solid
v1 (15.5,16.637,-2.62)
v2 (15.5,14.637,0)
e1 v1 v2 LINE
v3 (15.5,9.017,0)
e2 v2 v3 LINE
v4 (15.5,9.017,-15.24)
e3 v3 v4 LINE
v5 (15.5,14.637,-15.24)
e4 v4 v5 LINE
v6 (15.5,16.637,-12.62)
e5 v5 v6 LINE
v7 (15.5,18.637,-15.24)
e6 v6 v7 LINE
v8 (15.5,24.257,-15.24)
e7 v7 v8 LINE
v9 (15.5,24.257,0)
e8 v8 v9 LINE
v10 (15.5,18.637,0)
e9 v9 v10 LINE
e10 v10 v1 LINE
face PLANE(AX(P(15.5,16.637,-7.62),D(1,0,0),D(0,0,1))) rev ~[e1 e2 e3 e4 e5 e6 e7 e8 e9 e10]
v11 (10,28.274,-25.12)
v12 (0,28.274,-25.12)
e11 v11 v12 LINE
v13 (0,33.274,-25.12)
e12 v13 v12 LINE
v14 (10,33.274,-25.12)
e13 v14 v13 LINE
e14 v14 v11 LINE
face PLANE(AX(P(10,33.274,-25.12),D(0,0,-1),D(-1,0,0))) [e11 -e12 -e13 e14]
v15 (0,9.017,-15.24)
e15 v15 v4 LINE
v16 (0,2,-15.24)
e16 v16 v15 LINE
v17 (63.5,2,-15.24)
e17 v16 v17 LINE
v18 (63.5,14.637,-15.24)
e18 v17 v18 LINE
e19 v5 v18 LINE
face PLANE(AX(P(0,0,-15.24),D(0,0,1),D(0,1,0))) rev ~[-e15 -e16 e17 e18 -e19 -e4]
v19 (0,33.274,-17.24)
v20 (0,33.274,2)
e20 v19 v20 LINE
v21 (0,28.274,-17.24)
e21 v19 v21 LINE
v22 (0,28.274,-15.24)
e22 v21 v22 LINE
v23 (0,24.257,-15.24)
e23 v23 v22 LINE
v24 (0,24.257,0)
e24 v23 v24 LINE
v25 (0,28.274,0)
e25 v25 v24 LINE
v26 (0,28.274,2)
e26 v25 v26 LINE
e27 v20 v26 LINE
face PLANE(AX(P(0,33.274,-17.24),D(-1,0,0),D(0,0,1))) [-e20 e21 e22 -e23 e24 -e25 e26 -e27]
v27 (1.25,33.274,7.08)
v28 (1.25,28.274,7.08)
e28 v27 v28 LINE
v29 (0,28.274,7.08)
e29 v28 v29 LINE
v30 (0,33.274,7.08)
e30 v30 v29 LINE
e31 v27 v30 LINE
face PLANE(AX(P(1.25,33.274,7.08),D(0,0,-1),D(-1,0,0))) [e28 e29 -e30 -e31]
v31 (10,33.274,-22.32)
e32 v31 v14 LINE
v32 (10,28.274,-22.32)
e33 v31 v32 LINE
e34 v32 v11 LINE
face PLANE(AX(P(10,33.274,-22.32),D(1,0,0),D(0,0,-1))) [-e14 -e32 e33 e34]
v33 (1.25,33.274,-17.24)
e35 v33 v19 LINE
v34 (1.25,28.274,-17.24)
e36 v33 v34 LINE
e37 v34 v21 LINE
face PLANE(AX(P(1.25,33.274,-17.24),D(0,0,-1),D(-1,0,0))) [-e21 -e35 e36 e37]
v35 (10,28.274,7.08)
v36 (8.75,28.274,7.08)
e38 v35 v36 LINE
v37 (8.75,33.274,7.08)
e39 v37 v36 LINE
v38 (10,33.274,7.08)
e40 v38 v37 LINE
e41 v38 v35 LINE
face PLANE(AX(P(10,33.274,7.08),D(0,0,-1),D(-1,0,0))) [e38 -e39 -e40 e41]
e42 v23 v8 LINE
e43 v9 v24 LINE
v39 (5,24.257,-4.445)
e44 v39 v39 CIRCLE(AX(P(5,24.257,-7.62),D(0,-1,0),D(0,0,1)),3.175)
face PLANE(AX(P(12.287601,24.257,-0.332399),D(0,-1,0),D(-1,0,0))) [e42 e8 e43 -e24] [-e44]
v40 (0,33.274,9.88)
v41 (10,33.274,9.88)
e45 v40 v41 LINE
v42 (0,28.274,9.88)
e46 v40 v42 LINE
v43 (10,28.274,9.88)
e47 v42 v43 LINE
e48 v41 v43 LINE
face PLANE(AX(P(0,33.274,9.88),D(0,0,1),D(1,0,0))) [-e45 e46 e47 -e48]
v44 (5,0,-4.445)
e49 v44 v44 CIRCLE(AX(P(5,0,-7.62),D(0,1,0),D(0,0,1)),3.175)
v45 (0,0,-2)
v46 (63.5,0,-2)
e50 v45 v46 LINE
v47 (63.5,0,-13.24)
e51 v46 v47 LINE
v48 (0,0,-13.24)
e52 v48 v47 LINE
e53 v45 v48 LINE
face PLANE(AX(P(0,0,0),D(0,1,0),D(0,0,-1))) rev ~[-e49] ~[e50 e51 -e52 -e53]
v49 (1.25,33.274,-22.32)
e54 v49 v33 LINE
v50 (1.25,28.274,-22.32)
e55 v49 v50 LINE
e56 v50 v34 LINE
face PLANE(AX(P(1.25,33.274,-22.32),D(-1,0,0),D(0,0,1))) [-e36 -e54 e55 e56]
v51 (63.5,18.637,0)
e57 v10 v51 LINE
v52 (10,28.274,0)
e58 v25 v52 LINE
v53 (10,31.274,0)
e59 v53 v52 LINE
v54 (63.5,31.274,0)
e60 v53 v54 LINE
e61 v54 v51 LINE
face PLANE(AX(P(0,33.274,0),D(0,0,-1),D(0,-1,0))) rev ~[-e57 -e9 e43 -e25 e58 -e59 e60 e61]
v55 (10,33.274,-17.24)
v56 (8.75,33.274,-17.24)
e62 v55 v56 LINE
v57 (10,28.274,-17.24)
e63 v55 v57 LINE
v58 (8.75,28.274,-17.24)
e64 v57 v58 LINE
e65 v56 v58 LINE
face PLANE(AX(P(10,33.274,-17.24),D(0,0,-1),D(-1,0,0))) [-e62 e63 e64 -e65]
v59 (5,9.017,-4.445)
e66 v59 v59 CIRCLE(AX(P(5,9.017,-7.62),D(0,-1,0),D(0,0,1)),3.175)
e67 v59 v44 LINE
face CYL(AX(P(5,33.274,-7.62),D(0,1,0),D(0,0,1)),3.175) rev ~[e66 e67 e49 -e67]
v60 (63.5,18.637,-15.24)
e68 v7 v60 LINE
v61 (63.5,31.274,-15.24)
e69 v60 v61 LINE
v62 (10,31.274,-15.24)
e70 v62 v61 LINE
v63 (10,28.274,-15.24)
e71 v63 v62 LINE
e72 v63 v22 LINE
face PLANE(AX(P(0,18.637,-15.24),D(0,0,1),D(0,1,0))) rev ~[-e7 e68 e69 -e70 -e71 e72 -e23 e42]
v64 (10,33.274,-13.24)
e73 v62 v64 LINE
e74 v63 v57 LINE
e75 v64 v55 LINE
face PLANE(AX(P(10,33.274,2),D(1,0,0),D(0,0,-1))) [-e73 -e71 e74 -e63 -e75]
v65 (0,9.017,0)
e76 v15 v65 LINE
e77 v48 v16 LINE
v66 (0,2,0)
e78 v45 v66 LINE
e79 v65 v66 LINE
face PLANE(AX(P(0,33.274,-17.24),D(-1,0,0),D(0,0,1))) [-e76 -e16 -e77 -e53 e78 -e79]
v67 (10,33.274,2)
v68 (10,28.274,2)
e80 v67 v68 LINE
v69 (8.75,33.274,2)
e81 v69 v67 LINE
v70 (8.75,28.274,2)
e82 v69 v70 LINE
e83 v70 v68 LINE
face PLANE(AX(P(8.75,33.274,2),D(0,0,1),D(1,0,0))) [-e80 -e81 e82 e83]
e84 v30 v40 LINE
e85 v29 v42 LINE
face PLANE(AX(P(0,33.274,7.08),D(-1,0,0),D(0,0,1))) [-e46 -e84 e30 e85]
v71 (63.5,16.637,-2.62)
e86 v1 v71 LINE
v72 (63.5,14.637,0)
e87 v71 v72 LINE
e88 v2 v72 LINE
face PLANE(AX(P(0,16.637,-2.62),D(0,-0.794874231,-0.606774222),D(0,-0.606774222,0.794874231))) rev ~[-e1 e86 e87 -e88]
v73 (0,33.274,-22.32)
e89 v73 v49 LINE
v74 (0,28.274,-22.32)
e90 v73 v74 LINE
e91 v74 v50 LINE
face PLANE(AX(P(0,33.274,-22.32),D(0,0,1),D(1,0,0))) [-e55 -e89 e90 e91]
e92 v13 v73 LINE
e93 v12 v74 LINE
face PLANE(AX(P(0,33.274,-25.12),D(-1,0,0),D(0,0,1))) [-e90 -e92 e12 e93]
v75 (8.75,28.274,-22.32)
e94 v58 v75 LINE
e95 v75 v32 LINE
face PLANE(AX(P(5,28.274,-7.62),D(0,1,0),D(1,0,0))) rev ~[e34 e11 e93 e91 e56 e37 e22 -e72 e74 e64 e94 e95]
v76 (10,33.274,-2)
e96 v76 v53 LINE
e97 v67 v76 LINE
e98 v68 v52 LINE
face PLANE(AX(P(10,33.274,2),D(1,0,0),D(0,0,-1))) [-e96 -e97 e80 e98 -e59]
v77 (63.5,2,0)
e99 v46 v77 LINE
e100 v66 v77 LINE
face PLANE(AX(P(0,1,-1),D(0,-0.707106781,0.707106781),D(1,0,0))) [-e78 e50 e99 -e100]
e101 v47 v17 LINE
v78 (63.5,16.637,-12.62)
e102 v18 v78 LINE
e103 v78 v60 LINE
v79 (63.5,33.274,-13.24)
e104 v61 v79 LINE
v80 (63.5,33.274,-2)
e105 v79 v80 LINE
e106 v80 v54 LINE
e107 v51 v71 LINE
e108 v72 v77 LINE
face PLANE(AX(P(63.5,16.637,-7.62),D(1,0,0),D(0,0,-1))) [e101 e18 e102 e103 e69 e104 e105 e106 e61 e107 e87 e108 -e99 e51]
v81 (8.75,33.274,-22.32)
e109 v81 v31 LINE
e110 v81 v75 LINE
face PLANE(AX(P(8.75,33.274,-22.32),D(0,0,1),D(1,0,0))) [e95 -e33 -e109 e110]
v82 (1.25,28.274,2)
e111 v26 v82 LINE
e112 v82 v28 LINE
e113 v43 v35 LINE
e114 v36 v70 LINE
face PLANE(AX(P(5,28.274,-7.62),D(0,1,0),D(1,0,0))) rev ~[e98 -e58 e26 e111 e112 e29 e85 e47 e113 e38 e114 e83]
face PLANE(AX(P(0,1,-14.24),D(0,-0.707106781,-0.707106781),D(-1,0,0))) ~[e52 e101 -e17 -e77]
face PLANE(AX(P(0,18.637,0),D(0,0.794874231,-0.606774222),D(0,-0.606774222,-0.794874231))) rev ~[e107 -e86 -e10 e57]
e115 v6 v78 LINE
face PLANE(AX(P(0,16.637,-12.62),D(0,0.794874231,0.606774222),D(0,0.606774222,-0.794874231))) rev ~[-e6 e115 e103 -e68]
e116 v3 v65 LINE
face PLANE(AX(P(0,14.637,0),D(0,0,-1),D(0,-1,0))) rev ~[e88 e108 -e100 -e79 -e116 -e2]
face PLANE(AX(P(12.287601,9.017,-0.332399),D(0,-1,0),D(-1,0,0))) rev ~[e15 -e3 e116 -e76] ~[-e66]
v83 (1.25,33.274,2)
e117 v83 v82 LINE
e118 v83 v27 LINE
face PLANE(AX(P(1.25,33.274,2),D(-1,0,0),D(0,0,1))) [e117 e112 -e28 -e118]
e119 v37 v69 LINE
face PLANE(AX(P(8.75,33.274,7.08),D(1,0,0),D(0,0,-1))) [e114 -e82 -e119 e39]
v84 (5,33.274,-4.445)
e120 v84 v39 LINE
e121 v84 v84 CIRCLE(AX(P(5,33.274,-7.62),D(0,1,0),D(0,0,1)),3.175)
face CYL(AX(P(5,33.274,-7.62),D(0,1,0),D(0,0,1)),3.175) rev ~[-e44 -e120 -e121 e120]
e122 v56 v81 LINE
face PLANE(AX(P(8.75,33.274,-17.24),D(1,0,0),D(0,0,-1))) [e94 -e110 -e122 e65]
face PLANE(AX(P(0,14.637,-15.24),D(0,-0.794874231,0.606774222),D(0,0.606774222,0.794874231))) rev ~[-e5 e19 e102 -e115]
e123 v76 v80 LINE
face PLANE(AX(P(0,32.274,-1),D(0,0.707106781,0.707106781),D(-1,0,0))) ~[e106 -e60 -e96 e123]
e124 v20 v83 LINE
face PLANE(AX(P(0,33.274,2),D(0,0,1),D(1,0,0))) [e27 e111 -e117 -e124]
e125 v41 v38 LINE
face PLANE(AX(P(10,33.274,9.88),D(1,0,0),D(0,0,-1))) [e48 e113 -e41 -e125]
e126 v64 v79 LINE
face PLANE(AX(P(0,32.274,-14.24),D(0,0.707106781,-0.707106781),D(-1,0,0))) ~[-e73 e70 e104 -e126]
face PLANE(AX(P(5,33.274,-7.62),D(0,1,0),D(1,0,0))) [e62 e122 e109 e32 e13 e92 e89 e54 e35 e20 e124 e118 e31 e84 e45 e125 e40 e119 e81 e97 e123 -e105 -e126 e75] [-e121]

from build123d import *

# Parameters (mm, degrees)
BOSS_EXTRUDE1_DEPTH = 63.5
CHAMFER1_SIZE       = 2
BOSS_EXTRUDE2_DEPTH = 5
SKETCH5_R           = 3.175
CUT_EXTRUDE3_DEPTH  = 76.963303483
SKETCH6_R           = 3.175
CUT_EXTRUDE4_DEPTH  = 7.62


with BuildPart() as part:
    # Sketch1 → Boss-Extrude1 (new body)
    with BuildSketch(Plane(origin=(0, 0, 0), x_dir=(0, 0, -1), z_dir=(1, 0, 0))):
        Polygon((0, 0), (15.24, 0), (15.24, 14.637), (12.62, 16.637), (15.24, 18.637), (15.24, 33.274), (0, 33.274), (0, 18.637), (2.62, 16.637), (0, 14.637), align=None)
    extrude(amount=BOSS_EXTRUDE1_DEPTH)

    # Chamfer1
    chamfer1_edges = [part.edges().sort_by_distance(p)[0] for p in [
        (31.75, 33.274, 0),
        (31.75, 33.274, -15.24),
        (31.75, 0, -15.24),
        (31.75, 0, 0),
    ]]
    chamfer(chamfer1_edges, length=CHAMFER1_SIZE)

    # Sketch4 → Boss-Extrude2 (add)
    with BuildSketch(Plane(origin=(0, 33.274, 0), x_dir=(1, 0, 0), z_dir=(0, 1, 0))):
        Polygon((10, 25.12), (0, 25.12), (0, 22.32), (1.25, 22.32), (1.25, 17.24), (0, 17.24), (0, -2), (1.25, -2), (1.25, -7.08), (0, -7.08), (0, -9.88), (10, -9.88), (10, -7.08), (8.75, -7.08), (8.75, -2), (10, -2), (10, 17.24), (8.75, 17.24), (8.75, 22.32), (10, 22.32), align=None)
    extrude(amount=-BOSS_EXTRUDE2_DEPTH)

    # Sketch5 → Cut-Extrude3 (cut, through all)
    with BuildSketch(Plane(origin=(0, 33.274, 0), x_dir=(1, 0, 0), z_dir=(0, 1, 0))):
        with Locations(Location((5, 7.62, 0), (0, 0, 270))):
            Circle(SKETCH5_R)
    extrude(amount=-CUT_EXTRUDE3_DEPTH, mode=Mode.SUBTRACT)

    # Sketch6 → Cut-Extrude4 (cut, symmetric)
    # profile 1 of 3: a face of its own
    with BuildSketch(Plane(origin=(0, 16.637, 0), x_dir=(-1, 0, 0), z_dir=(0, -1, 0))):
        with BuildLine():
            ThreePointArc((-15.5, 7.620000044), (-12.424621187, 15.044621218), (-5, 18.12))
            Line((-5, 18.12), (-15.5, 18.12))
            Line((-15.5, 18.12), (-15.5, 7.620000044))
        make_face()
    # profile 2 of 3: a face of its own
    with BuildSketch(Plane(origin=(0, 16.637, 0), x_dir=(-1, 0, 0), z_dir=(0, -1, 0))):
        with BuildLine():
            Line((5.5, 18.12), (-5, 18.12))
            ThreePointArc((-5, 18.12), (-12.424621187, 15.044621218), (-15.5, 7.620000044))
            ThreePointArc((-15.5, 7.620000044), (-12.424621218, 0.195378813), (-5, -2.88))
            Line((-5, -2.88), (5.5, -2.88))
            Line((5.5, -2.88), (5.5, 18.12))
        make_face()
        with Locations(Location((-5, 7.62, 0), (0, 0, 270))):
            Circle(SKETCH6_R, mode=Mode.SUBTRACT)
    # profile 3 of 3: a face of its own
    with BuildSketch(Plane(origin=(0, 16.637, 0), x_dir=(-1, 0, 0), z_dir=(0, -1, 0))):
        with BuildLine():
            ThreePointArc((-5, -2.88), (-12.424621218, 0.195378813), (-15.5, 7.620000044))
            Line((-15.5, 7.620000044), (-15.5, -2.88))
            Line((-15.5, -2.88), (-5, -2.88))
        make_face()
    extrude(amount=CUT_EXTRUDE4_DEPTH, both=True, mode=Mode.SUBTRACT)


solid = part.part
